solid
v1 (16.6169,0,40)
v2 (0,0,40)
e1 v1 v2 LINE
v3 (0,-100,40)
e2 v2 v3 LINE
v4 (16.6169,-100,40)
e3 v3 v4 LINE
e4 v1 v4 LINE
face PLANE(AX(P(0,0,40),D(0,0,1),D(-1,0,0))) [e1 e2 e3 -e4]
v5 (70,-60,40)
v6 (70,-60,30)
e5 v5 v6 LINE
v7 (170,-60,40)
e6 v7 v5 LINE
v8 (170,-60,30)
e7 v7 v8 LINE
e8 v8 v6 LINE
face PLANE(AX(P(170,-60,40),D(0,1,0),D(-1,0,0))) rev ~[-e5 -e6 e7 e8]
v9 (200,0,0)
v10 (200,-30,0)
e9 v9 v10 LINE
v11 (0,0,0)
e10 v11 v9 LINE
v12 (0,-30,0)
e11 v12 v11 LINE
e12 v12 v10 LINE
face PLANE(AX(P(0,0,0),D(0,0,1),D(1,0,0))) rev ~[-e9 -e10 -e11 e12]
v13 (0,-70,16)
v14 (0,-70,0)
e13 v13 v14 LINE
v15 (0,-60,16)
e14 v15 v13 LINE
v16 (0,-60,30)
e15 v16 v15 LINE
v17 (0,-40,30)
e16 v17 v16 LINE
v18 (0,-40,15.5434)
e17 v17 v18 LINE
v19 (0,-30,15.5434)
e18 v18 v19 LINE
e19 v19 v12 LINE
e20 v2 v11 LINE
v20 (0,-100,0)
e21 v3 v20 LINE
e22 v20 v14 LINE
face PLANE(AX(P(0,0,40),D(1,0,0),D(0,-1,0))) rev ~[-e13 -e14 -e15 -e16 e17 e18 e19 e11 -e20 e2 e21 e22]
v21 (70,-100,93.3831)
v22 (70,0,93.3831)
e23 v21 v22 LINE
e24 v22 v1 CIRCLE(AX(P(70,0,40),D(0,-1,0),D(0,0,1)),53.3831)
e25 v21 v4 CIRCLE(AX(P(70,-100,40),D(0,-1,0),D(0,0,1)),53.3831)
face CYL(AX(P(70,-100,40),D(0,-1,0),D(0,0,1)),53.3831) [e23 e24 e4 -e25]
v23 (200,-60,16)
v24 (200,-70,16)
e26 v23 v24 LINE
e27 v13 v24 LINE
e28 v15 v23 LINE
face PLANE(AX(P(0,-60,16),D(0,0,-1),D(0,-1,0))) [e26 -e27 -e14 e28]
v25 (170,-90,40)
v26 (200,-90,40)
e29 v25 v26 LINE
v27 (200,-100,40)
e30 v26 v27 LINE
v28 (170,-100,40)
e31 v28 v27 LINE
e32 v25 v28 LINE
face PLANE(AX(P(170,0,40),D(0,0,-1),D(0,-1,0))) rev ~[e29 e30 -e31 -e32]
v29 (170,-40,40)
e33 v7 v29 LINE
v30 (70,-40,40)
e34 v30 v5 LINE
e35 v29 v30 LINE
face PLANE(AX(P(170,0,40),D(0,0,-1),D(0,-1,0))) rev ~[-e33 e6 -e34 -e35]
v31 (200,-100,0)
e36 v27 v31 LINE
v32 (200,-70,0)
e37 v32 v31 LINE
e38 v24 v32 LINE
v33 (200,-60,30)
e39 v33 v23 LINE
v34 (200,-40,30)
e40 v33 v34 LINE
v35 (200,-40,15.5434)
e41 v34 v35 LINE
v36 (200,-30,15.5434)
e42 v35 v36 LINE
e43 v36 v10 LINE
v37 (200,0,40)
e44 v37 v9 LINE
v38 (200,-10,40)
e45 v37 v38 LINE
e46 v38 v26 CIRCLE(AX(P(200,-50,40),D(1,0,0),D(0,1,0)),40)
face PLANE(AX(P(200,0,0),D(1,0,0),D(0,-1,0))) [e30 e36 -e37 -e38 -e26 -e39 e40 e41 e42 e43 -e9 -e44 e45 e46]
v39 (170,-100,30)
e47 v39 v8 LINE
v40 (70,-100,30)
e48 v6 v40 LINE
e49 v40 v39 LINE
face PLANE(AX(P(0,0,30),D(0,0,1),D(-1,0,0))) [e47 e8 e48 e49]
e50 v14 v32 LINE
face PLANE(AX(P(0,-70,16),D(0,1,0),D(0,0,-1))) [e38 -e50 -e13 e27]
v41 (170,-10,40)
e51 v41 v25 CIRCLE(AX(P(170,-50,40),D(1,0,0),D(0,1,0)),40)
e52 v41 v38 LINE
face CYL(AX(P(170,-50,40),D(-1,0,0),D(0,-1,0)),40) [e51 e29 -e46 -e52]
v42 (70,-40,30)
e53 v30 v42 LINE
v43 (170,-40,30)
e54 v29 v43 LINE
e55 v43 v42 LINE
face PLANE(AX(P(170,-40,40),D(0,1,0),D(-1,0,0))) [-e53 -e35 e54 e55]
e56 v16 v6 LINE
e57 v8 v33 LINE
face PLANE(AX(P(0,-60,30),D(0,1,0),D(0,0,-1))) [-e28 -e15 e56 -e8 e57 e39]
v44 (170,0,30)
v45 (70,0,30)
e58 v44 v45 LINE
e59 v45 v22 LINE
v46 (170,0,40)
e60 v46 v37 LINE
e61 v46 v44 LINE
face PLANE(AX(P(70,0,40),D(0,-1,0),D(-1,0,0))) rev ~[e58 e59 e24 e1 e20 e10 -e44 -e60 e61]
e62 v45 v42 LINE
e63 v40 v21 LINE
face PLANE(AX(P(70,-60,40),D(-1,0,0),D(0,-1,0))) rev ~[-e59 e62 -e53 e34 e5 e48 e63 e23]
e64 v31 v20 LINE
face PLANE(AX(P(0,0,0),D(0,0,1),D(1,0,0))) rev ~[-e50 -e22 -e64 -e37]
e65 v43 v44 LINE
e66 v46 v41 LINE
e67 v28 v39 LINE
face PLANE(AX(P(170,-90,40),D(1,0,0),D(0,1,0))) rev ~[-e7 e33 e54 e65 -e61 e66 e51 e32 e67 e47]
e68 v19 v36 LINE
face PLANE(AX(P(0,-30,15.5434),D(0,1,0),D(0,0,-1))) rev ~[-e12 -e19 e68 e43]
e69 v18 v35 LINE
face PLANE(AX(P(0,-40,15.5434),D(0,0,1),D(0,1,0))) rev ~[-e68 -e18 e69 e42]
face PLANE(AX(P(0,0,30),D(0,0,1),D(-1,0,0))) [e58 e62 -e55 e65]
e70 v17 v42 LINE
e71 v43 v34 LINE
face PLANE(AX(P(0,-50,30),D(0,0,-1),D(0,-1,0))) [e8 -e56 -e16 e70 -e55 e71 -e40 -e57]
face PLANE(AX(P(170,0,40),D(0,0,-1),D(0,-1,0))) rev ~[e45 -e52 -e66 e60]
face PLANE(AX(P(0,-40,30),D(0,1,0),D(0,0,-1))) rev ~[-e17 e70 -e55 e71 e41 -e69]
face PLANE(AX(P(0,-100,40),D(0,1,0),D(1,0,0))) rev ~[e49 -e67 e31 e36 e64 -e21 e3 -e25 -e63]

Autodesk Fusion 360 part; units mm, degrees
sketch "Sketch1" plane through (0, 0, 0) normal (0, 0, 1) x (1, 0, 0)
  line L0 (0, 0) -> (200, 0)
  line L1 (200, 0) -> (200, -100)
  line L2 (200, -100) -> (0, -100)
  line L3 (0, -100) -> (0, 0)
  dimension "d1" = 200
  dimension "d2" = 100
extrude "Extrude1" add sketch "Sketch1" along normal blind 40
sketch "Sketch2" plane through (0, 0, 40) normal (0, 0, 1) x (-1, 0, 0)
  line L0 (0, 100) -> (-200, 100)
  line L1 (-200, 100) -> (-200, 0)
  line L2 (-200, 0) -> (0, 0)
  line L3 (0, 0) -> (0, 100)
  line L4 (-200, 0) -> (-170, 0)
  line L5 (-170, 100) -> (-170, 0)
  line L6 (-200, 100) -> (-170, 100)
extrude "Extrude2" add sketch "Sketch2" along normal blind 40 contours L0 L1 L2 L4 L5 L6
sketch "Sketch3" plane through (170, 0, 0) normal (-1, 0, 0) x (0, -1, 0)
  line L0 (0, 40) -> (100, 40)
  line L1 (100, 40) -> (100, 80)
  line L2 (100, 80) -> (0, 80)
  line L3 (0, 80) -> (0, 40)
  arc A0 (90, 40) -> (10, 40) centre (50, 40) ccw
  dimension "d7" = 80
extrude "Extrude3" cut sketch "Sketch3" against normal blind 30 contours L0 L2 L3 A0 | L0 L1 L2 A0
sketch "Sketch4" plane through (0, 0, 0) normal (-1, 0, 0) x (0, -1, 0)
  line L0 (0, 0) -> (100, 0)
  line L1 (100, 0) -> (100, 40)
  line L2 (100, 40) -> (0, 40)
  line L3 (0, 40) -> (0, 0)
  line L4 (50, 30) -> (40, 30)
  line L5 (40, 30) -> (40, 15.5434)
  line L6 (40, 15.5434) -> (30, 15.5434)
  line L7 (30, 15.5434) -> (30, 0)
  line L8 (50, 30) -> (60, 30)
  line L9 (60, 30) -> (60, 16)
  line L10 (60, 16) -> (70, 16)
  line L11 (70, 16) -> (70, 0)
extrude "Extrude4" cut sketch "Sketch4" against normal blind 200 contours L0 L4 L5 L6 L7 L8 L9 L10 L11
sketch "Sketch5" plane through (0, 0, 40) normal (0, 0, 1) x (-1, 0, 0)
  line L0 (-170, 90) -> (-170, 10)
  line L1 (-170, 10) -> (-200, 10)
  line L2 (-200, 10) -> (-200, 0)
  line L3 (-200, 0) -> (0, 0)
  line L4 (0, 0) -> (0, 100)
  line L5 (0, 100) -> (-200, 100)
  line L6 (-200, 100) -> (-200, 90)
  line L7 (-200, 90) -> (-170, 90)
  line L8 (0, 0) -> (-70, 0)
  line L9 (-70, 0) -> (-70, 100)
  line L10 (-70, 100) -> (0, 100)
  line L11 (0, 100) -> (0, 0)
extrude "Extrude5" add sketch "Sketch5" along normal blind 55 contours L3 L4 L5 L8 L9 L10 L11
sketch "Sketch6" plane through (0, 0, 95) normal (0, 0, 1) x (-1, 0, 0)
  line L0 (0, 100) -> (-70, 100)
  line L1 (-70, 100) -> (-70, 0)
  line L2 (-70, 0) -> (0, 0)
  line L3 (0, 0) -> (0, 100)
  line L4 (0, 0) -> (-16.6169, 0)
  line L5 (-16.6169, 0) -> (-16.6169, 100)
  line L6 (-16.6169, 100) -> (0, 100)
  line L7 (0, 100) -> (0, 0)
extrude "Extrude6" cut sketch "Sketch6" against normal blind 55 contours L0 L2 L3 L4 L5 L6 L7
sketch "Sketch7" plane through (0, -100, 0) normal (0, -1, 0) x (1, 0, 0)
  line L0 (16.6169, 40) -> (0, 40)
  line L1 (0, 40) -> (0, 0)
  line L2 (0, 0) -> (200, 0)
  line L3 (200, 0) -> (200, 40)
  line L4 (200, 40) -> (70, 40)
  line L5 (70, 40) -> (70, 95)
  line L6 (70, 95) -> (16.6169, 95)
  line L7 (16.6169, 95) -> (16.6169, 40)
  arc A0 (70, 93.3831) -> (16.6169, 40) centre (70, 40) ccw
  line L8 (70, 93.3831) -> (16.6169, 93.3831)
extrude "Extrude7" cut sketch "Sketch7" against normal blind 200 contours L5 L6 L7 L8
sketch "Sketch8" plane through (0, -100, 0) normal (0, -1, 0) x (1, 0, 0)
  line L0 (70, 93.3831) -> (16.6169, 93.3831)
  line L1 (16.6169, 93.3831) -> (16.6169, 40)
  line L2 (16.6169, 40) -> (0, 40)
  line L3 (0, 40) -> (0, 0)
  line L4 (0, 0) -> (200, 0)
  line L5 (200, 0) -> (200, 40)
  line L6 (200, 40) -> (70, 40)
  line L7 (70, 40) -> (70, 93.3831)
  arc A0 (70, 93.3831) -> (16.6169, 40) centre (70, 40) ccw
extrude "Extrude8" cut sketch "Sketch8" against normal blind 200 contours L0 L1 A0
sketch "Sketch9" plane through (0, 0, 40) normal (0, 0, 1) x (-1, 0, 0)
  line L0 (-70, 0) -> (-70, 100)
  line L1 (-70, 100) -> (-200, 100)
  line L2 (-200, 100) -> (-200, 90)
  line L3 (-200, 90) -> (-170, 90)
  line L4 (-170, 90) -> (-170, 10)
  line L5 (-170, 10) -> (-200, 10)
  line L6 (-200, 10) -> (-200, 0)
  line L7 (-200, 0) -> (-70, 0)
  line L8 (-170, 0) -> (-170, 40)
  line L9 (-170, 40) -> (-70, 40)
  line L10 (-170, 100) -> (-170, 60)
  line L11 (-170, 60) -> (-70, 60)
  dimension "d20" = 40
  dimension "d21" = 40
extrude "Extrude9" cut sketch "Sketch9" against normal blind 10 contours L0 L4 L7 L8 L9 | L0 L1 L4 L10 L11
